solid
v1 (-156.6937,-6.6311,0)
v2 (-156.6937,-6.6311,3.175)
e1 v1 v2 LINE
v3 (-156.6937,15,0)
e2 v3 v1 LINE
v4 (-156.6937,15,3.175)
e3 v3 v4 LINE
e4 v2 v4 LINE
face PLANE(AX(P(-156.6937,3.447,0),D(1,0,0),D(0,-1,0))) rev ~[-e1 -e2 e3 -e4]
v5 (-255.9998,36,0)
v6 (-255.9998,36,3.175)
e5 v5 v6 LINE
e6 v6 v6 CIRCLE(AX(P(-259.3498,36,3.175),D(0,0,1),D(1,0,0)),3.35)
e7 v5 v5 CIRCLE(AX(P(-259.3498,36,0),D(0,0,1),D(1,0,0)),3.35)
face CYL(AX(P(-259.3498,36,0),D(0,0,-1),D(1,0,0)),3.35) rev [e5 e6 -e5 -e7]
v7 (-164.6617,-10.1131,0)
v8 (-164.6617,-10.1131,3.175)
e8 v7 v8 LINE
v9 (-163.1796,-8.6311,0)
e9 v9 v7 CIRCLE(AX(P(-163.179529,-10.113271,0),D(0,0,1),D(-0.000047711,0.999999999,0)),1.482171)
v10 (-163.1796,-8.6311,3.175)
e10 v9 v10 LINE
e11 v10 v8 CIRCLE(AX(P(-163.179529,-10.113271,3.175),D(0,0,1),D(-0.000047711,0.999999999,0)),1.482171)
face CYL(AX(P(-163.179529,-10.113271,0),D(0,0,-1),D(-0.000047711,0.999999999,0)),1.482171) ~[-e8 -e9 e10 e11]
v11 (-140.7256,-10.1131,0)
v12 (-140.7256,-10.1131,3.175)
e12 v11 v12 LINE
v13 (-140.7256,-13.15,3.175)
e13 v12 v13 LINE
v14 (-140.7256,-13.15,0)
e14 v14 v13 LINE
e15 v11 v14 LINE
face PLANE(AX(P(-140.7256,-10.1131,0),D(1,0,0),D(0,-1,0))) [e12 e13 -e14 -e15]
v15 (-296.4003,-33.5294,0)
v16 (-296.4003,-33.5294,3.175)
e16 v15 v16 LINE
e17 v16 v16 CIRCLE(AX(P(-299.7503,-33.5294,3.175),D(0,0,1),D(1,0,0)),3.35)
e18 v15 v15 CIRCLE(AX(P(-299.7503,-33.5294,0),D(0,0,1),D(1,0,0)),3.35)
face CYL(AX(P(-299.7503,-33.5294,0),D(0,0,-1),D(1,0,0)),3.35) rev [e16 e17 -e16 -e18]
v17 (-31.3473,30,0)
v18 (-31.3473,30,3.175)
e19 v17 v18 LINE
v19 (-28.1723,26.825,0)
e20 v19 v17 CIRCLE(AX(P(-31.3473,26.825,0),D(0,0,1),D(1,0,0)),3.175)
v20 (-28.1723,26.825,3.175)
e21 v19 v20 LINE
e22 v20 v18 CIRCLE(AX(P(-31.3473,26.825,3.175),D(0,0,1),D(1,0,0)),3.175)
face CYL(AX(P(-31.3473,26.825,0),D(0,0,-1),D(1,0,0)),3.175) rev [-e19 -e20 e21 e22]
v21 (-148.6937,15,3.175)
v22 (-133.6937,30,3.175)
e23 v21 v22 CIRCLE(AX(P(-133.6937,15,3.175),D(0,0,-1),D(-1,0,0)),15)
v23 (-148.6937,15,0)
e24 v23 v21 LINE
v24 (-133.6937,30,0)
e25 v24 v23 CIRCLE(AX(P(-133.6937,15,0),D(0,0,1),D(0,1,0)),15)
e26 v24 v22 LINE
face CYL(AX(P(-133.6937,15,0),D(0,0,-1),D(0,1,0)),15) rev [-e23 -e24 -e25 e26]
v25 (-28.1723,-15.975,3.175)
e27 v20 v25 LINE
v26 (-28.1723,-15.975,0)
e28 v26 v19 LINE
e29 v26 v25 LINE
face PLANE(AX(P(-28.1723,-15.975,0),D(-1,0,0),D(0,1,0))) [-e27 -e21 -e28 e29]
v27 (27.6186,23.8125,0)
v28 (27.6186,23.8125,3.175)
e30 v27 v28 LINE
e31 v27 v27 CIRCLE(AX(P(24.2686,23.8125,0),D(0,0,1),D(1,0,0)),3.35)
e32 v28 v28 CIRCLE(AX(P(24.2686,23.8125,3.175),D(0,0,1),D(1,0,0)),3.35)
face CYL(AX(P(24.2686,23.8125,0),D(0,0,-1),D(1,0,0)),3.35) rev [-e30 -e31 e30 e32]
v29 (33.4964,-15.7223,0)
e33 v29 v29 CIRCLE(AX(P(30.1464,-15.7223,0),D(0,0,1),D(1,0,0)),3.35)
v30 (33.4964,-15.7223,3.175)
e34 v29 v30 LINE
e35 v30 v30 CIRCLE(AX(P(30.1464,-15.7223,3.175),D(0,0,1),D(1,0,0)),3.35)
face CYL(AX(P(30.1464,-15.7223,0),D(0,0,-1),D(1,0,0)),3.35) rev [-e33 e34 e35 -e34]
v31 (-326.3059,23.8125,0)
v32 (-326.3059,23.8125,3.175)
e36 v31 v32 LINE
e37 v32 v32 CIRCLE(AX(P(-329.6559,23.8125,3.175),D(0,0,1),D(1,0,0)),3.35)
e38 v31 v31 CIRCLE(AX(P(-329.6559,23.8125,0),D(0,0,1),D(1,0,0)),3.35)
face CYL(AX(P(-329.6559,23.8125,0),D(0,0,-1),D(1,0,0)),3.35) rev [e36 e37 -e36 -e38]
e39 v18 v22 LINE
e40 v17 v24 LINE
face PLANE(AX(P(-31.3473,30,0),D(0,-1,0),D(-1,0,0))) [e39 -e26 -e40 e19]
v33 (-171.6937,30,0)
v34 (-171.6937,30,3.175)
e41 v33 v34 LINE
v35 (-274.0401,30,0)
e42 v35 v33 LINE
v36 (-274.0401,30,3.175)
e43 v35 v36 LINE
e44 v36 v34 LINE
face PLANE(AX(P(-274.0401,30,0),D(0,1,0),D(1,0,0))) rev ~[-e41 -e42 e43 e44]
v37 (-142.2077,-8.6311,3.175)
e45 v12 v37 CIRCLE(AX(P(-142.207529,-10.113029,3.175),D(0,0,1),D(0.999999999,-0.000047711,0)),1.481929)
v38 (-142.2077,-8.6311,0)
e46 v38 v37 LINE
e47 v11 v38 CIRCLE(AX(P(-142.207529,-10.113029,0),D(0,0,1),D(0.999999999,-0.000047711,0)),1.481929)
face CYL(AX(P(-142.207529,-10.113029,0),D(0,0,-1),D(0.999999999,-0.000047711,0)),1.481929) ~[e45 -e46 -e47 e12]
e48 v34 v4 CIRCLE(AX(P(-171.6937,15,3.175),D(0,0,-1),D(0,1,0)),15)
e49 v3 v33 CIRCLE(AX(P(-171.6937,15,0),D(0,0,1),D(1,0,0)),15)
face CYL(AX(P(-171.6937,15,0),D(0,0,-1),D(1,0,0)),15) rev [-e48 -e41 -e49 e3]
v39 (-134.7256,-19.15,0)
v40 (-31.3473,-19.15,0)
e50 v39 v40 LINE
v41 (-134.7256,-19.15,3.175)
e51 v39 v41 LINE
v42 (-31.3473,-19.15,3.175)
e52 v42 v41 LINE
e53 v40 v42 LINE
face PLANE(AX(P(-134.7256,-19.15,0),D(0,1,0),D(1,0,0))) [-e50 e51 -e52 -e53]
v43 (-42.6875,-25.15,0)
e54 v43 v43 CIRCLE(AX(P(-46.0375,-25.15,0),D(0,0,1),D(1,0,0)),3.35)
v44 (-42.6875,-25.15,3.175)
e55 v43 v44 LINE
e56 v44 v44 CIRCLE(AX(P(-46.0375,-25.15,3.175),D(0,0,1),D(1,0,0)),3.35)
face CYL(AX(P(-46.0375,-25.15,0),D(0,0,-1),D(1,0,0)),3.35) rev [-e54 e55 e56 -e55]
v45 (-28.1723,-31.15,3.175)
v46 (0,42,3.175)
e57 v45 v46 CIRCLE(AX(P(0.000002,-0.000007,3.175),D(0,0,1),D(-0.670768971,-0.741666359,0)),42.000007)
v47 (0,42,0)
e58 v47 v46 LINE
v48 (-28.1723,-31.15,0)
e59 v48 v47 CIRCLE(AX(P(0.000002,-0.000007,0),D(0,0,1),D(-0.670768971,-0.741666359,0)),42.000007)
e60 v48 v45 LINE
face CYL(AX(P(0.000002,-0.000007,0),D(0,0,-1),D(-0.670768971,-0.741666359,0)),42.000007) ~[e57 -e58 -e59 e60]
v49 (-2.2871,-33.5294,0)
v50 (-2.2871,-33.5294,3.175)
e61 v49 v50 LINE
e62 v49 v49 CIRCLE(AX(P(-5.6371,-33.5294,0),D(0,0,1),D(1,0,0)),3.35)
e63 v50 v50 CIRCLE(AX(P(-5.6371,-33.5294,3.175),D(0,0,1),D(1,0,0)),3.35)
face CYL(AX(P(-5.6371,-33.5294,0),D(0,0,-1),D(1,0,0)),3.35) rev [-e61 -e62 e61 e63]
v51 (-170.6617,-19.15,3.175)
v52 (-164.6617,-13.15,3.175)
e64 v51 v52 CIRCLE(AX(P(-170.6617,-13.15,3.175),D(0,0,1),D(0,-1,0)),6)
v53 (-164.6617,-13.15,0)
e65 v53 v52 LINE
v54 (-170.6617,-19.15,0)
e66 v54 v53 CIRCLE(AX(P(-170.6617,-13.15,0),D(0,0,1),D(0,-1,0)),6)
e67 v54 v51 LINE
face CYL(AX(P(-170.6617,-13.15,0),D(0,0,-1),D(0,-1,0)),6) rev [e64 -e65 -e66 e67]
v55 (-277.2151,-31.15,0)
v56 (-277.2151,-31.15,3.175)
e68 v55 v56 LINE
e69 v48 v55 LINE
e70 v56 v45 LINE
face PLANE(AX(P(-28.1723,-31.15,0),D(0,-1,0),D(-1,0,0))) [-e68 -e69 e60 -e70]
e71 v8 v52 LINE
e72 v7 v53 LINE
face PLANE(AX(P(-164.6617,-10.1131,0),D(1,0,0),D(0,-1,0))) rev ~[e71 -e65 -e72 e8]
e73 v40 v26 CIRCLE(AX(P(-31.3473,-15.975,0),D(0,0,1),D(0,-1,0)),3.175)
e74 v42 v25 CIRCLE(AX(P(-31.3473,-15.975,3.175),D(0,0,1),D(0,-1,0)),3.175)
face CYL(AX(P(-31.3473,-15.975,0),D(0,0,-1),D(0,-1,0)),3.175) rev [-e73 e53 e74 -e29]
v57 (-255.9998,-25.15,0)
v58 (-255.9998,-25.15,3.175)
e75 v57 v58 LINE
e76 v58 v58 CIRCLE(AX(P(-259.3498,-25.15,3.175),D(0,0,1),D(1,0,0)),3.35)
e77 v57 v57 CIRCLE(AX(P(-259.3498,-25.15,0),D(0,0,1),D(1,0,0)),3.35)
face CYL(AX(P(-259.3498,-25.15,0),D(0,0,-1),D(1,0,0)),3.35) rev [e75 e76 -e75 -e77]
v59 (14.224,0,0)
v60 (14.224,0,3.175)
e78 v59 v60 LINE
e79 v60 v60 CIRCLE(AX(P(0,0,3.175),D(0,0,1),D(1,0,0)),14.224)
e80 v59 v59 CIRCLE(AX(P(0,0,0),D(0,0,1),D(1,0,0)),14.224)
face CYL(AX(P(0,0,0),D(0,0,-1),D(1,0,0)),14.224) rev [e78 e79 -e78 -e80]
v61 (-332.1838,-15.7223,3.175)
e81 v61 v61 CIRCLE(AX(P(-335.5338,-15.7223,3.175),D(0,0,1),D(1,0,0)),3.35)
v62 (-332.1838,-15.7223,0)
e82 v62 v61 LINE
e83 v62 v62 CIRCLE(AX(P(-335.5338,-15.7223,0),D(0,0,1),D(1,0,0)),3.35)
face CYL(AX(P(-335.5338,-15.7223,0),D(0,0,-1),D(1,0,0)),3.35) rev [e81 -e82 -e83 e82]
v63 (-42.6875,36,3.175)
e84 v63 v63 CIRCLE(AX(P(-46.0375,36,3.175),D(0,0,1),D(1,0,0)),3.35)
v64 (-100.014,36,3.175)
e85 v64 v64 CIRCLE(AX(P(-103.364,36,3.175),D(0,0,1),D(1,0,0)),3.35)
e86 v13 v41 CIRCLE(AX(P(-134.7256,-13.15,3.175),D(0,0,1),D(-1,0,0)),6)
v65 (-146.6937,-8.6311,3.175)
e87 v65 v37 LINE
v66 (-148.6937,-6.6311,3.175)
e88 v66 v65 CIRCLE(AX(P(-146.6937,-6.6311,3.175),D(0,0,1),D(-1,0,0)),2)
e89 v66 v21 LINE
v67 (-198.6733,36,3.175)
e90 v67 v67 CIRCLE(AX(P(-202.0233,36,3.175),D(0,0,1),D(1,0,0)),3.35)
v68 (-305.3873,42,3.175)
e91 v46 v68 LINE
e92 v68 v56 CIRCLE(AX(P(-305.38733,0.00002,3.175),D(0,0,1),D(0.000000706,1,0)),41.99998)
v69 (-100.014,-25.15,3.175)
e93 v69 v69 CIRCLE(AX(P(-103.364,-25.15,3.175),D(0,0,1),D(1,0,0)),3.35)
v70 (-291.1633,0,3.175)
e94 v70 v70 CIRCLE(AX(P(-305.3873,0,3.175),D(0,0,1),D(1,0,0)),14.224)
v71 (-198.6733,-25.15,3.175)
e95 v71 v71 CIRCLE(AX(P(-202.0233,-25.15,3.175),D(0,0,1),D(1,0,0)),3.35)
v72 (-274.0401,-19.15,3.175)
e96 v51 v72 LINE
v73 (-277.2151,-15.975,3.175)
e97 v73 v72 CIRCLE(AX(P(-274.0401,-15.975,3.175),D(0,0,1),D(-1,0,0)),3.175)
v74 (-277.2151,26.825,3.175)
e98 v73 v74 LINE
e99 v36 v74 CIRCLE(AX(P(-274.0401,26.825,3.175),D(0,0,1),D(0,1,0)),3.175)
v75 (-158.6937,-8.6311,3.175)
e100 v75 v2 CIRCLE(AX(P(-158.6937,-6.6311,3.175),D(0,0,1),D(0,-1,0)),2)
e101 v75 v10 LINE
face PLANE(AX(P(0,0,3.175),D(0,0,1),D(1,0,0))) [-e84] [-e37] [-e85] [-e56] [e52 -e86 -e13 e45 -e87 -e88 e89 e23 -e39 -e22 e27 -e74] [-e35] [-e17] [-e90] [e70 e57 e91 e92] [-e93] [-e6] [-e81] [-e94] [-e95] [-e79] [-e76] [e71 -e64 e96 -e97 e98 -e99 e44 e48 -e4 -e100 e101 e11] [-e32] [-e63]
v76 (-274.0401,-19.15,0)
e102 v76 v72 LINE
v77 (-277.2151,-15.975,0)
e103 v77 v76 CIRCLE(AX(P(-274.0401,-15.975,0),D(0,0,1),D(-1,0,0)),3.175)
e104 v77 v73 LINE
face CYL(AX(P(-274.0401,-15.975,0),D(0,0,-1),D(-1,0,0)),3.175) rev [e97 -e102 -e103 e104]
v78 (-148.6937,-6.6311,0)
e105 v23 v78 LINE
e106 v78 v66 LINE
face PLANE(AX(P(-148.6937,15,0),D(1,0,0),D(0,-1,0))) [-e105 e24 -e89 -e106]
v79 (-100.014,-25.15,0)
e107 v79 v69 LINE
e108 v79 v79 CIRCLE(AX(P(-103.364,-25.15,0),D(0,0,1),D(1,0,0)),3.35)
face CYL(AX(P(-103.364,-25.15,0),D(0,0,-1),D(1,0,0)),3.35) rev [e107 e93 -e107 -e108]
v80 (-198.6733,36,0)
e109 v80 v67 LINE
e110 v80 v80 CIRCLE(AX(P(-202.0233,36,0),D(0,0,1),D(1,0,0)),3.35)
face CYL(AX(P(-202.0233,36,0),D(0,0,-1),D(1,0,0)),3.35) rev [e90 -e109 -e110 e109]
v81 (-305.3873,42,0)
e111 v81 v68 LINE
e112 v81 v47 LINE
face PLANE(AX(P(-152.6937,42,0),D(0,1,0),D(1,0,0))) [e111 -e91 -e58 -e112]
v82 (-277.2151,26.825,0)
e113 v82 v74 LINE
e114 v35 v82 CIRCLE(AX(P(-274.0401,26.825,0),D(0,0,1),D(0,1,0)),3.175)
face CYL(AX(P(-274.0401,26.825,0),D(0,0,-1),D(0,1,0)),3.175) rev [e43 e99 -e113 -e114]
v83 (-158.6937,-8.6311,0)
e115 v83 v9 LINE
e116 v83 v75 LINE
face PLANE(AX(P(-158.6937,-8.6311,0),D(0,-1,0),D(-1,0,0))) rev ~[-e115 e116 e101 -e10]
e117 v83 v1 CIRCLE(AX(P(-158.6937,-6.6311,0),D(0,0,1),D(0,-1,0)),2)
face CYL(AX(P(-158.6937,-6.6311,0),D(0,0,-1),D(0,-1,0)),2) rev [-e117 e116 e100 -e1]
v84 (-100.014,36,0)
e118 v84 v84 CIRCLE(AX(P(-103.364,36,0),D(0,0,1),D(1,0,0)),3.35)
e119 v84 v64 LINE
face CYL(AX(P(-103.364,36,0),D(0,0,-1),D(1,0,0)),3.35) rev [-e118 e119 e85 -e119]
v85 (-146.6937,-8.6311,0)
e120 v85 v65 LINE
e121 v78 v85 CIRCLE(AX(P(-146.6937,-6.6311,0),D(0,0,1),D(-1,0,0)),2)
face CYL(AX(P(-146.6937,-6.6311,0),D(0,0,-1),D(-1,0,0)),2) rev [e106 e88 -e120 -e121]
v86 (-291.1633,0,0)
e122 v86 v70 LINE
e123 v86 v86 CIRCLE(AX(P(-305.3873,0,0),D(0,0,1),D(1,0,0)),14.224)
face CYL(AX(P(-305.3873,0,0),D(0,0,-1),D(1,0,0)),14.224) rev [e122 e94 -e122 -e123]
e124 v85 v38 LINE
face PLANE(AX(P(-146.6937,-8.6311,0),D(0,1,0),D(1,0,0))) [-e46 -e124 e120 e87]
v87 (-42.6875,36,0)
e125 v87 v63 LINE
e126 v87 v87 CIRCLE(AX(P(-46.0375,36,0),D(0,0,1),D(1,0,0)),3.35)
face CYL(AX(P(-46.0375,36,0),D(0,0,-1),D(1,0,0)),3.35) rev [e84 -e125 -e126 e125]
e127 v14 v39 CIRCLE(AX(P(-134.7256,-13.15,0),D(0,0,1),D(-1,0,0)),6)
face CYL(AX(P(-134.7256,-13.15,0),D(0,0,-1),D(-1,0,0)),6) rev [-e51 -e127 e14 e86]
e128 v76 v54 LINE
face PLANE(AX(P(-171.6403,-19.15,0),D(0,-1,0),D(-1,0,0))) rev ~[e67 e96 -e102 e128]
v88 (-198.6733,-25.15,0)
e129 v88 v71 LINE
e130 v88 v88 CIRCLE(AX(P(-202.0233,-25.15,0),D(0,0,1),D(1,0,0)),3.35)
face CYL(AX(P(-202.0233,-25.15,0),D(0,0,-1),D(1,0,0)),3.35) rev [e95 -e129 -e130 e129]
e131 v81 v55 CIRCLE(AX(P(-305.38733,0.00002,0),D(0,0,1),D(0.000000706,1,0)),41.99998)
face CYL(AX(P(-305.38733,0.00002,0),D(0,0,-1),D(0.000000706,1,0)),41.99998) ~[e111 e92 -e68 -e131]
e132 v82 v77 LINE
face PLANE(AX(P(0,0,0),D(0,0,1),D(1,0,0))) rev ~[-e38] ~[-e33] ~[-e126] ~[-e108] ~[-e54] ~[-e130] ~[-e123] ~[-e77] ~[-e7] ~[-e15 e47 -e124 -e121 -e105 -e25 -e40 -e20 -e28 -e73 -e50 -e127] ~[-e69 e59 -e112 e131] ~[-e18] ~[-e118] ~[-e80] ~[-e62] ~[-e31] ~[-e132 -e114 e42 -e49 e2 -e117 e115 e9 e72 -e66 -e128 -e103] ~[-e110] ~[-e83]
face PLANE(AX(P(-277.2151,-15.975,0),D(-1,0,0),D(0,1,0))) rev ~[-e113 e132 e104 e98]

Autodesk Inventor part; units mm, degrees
ref_plane "YZ Plane" through (0, 0, 0) normal (1, 0, 0) x (0, 1, 0)
ref_plane "XZ Plane" through (0, 0, 0) normal (0, 1, 0) x (-1, 0, 0)
ref_plane "XY Plane" through (0, 0, 0) normal (0, 0, 1) x (1, 0, 0)
sketch "Sketch3" plane through (0, 0, 0) normal (0, 0, 1) x (1, 0, 0)
  line L0 (-148.6937, 15) -> (-148.6937, 3.447)
  line L1 (-28.1723, 30) -> (-145.5187, 30)
  line L2 (-137.6119, -19.15) -> (-31.3473, -19.15)
  line L3 (-137.6488, -19.15) -> (-137.6119, -19.15)
  line L4 (-139.747, -0.553) -> (-139.747, -13.15)
  arc A0 (-139.747, -0.553) -> (-142.2077, 1.447) centre (-141.7463, -0.4991) ccw
  line L5 (-146.6937, 1.447) -> (-142.2077, 1.447)
  arc A1 (-148.6937, 3.447) -> (-146.6937, 1.447) centre (-146.6937, 3.447) ccw
  circle A2 centre (24.2686, 23.8125) radius 3.35
  circle A3 centre (30.1464, -15.7223) radius 3.35
  circle A4 centre (-5.6371, -33.5294) radius 3.35
  circle A5 centre (-46.0375, 36) radius 3.35
  circle A6 centre (-46.0375, -25.15) radius 3.35
  line L6 (-152.6937, -31.15) -> (-152.6937, 42) construction
  line L7 (-28.1723, -31.15) -> (-152.6937, -31.15)
  arc A7 (-28.1723, -31.15) -> (0, 42) centre (0, 0) ccw
  line L8 (-152.6937, 42) -> (0, 42)
  circle A8 centre (0, 0) radius 14.224
  line L9 (-31.3473, 30) -> (-133.6937, 30)
  line L10 (-148.6937, 26.825) -> (-148.6937, -19.15)
  line L11 (-133.747, -19.15) -> (-28.1723, -19.15)
  line L12 (-28.1723, -15.975) -> (-28.1723, 26.825)
  arc A9 (-28.1723, 26.825) -> (-31.3473, 30) centre (-31.3473, 26.825) ccw
  arc A10 (-31.3473, -19.15) -> (-28.1723, -15.975) centre (-31.3473, -15.975) ccw
  line L13 (-165.6403, -0.553) -> (-165.6403, -13.15)
  arc A11 (-163.1796, 1.447) -> (-165.6403, -0.553) centre (-163.641, -0.4991) ccw
  line L14 (-158.6937, 1.447) -> (-163.1796, 1.447)
  arc A12 (-158.6937, 1.447) -> (-156.6937, 3.447) centre (-158.6937, 3.447) ccw
  line L15 (-156.6937, 26.825) -> (-156.6937, 3.447)
  line L16 (-277.2151, -31.15) -> (-152.6937, -31.15)
  line L17 (-152.6937, 42) -> (-305.3873, 42)
  line L18 (-277.2151, 30) -> (-159.8687, 30)
  line L19 (-167.7755, -19.15) -> (-274.0401, -19.15)
  circle A13 centre (-259.3498, 36) radius 3.35
  circle A14 centre (-259.3498, -25.15) radius 3.35
  circle A15 centre (-299.7503, -33.5294) radius 3.35
  arc A16 (-305.3873, 42) -> (-277.2151, -31.15) centre (-305.3873, 0) ccw
  circle A17 centre (-329.6559, 23.8125) radius 3.35
  circle A18 centre (-335.5338, -15.7223) radius 3.35
  circle A19 centre (-305.3873, 0) radius 14.224
  line L20 (-274.0401, 30) -> (-171.6937, 30)
  line L21 (-156.6937, 15) -> (-156.6937, -19.15)
  line L22 (-171.6403, -19.15) -> (-277.2151, -19.15)
  line L23 (-277.2151, -15.975) -> (-277.2151, 26.825)
  arc A20 (-274.0401, 30) -> (-277.2151, 26.825) centre (-274.0401, 26.825) ccw
  arc A21 (-277.2151, -15.975) -> (-274.0401, -19.15) centre (-274.0401, -15.975) ccw
  arc A22 (-156.6937, 26.825) -> (-159.8687, 30) centre (-159.8687, 26.825) ccw
  circle A23 centre (-103.364, 36) radius 3.35
  circle A24 centre (-202.0233, 36) radius 3.35 projected
  circle A25 centre (-202.0233, -25.15) radius 3.35 projected
  circle A26 centre (-103.364, -25.15) radius 3.35 projected
  line L24 (-148.6937, 19.85) -> (-19.7478, 19.85) projected
  line L25 (-148.6937, 28) -> (-148.6937, 19.85) projected
  arc A27 (-146.6937, 30) -> (-148.6937, 28) centre (-146.6937, 28) ccw projected
  line L26 (0, 30) -> (-146.6937, 30) projected
  line L27 (0, 28) -> (0, 30) projected
  arc A28 (0, 28) -> (-19.7478, 19.85) centre (0, 0) ccw projected
  line L28 (-156.6937, 19.85) -> (-285.6395, 19.85) projected
  arc A29 (-285.6395, 19.85) -> (-305.3873, 28) centre (-305.3873, 0) ccw projected
  line L29 (-305.3873, 28) -> (-305.3873, 30) projected
  line L30 (-305.3873, 30) -> (-158.6937, 30) projected
  arc A30 (-156.6937, 28) -> (-158.6937, 30) centre (-158.6937, 28) ccw projected
  line L31 (-156.6937, 28) -> (-156.6937, 19.85) projected
  arc A31 (-133.6937, 30) -> (-148.6937, 15) centre (-133.6937, 15) ccw
  arc A32 (-156.6937, 15) -> (-171.6937, 30) centre (-171.6937, 15) ccw
  line L32 (-148.6937, 1.447) -> (-141.747, 1.447) projected
  line L33 (-139.747, -0.553) -> (-139.747, -13.15) projected
  arc A33 (-139.747, -13.15) -> (-133.747, -19.15) centre (-133.747, -13.15) ccw
  arc A34 (-171.6403, -19.15) -> (-165.6403, -13.15) centre (-171.6403, -13.15) ccw
  arc A35 (-140.7256, -13.15) -> (-134.7256, -19.15) centre (-134.7256, -13.15) ccw projected
  line L34 (-140.7256, -10.1131) -> (-140.7256, -13.15) projected
  arc A36 (-140.7256, -10.1131) -> (-142.2077, -8.6311) centre (-142.2077, -10.1131) ccw projected
  line L35 (-152.6937, -8.6311) -> (-142.2077, -8.6311) projected
  arc A37 (-148.6937, -6.6311) -> (-146.6937, -8.6311) centre (-146.6937, -6.6311) ccw projected
  arc A38 (-158.6937, -8.6311) -> (-156.6937, -6.6311) centre (-158.6937, -6.6311) ccw projected
  line L36 (-152.6937, -8.6311) -> (-163.1796, -8.6311) projected
  arc A39 (-163.1796, -8.6311) -> (-164.6617, -10.1131) centre (-163.1796, -10.1131) ccw projected
  line L37 (-164.6617, -10.1131) -> (-164.6617, -13.15) projected
  arc A40 (-170.6617, -19.15) -> (-164.6617, -13.15) centre (-170.6617, -13.15) ccw projected
  point P0 (-139.747, -14.6539)
  point P1 (-148.6937, 13.3123)
  point P2 (-31.3473, 30)
  point P3 (-31.3473, -19.15)
  point P4 (-137.6488, -19.0723)
  point P5 (-148.6937, 3.447)
  point P6 (-165.6403, -14.6539)
  point P7 (-274.0401, -19.15)
  point P8 (-156.6937, 3.447)
  point P9 (-137.6488, -19.15)
  dimension "d8" = 28.448
  dimension "d9" = 3.175
  dimension "d16" = 6.7
  dimension "d17" = 6.7
  dimension "d18" = 15
  dimension "d19" = 6
  dimension "d20" = 6
extrude "Extrusion3" add sketch "Sketch3" along normal blind 3.175 contours L36 A38 L21 | L10 L24 A31 | L10 L25 A27 L26 L1 A31 L24 | L12 A9 L1 L26 L27 A28 L24 | A37 L35 L10 | A32 L28 L15 | L28 A32 L18 A22 L15 | A22 L30 A30 L31 | L28 A29 L29 L30 L18 A20 L23 | L7 L16 A16 L17 L8 A7
properties part number "Mech Panel v7 skin interior" material "Polycarbonate, Clear"
